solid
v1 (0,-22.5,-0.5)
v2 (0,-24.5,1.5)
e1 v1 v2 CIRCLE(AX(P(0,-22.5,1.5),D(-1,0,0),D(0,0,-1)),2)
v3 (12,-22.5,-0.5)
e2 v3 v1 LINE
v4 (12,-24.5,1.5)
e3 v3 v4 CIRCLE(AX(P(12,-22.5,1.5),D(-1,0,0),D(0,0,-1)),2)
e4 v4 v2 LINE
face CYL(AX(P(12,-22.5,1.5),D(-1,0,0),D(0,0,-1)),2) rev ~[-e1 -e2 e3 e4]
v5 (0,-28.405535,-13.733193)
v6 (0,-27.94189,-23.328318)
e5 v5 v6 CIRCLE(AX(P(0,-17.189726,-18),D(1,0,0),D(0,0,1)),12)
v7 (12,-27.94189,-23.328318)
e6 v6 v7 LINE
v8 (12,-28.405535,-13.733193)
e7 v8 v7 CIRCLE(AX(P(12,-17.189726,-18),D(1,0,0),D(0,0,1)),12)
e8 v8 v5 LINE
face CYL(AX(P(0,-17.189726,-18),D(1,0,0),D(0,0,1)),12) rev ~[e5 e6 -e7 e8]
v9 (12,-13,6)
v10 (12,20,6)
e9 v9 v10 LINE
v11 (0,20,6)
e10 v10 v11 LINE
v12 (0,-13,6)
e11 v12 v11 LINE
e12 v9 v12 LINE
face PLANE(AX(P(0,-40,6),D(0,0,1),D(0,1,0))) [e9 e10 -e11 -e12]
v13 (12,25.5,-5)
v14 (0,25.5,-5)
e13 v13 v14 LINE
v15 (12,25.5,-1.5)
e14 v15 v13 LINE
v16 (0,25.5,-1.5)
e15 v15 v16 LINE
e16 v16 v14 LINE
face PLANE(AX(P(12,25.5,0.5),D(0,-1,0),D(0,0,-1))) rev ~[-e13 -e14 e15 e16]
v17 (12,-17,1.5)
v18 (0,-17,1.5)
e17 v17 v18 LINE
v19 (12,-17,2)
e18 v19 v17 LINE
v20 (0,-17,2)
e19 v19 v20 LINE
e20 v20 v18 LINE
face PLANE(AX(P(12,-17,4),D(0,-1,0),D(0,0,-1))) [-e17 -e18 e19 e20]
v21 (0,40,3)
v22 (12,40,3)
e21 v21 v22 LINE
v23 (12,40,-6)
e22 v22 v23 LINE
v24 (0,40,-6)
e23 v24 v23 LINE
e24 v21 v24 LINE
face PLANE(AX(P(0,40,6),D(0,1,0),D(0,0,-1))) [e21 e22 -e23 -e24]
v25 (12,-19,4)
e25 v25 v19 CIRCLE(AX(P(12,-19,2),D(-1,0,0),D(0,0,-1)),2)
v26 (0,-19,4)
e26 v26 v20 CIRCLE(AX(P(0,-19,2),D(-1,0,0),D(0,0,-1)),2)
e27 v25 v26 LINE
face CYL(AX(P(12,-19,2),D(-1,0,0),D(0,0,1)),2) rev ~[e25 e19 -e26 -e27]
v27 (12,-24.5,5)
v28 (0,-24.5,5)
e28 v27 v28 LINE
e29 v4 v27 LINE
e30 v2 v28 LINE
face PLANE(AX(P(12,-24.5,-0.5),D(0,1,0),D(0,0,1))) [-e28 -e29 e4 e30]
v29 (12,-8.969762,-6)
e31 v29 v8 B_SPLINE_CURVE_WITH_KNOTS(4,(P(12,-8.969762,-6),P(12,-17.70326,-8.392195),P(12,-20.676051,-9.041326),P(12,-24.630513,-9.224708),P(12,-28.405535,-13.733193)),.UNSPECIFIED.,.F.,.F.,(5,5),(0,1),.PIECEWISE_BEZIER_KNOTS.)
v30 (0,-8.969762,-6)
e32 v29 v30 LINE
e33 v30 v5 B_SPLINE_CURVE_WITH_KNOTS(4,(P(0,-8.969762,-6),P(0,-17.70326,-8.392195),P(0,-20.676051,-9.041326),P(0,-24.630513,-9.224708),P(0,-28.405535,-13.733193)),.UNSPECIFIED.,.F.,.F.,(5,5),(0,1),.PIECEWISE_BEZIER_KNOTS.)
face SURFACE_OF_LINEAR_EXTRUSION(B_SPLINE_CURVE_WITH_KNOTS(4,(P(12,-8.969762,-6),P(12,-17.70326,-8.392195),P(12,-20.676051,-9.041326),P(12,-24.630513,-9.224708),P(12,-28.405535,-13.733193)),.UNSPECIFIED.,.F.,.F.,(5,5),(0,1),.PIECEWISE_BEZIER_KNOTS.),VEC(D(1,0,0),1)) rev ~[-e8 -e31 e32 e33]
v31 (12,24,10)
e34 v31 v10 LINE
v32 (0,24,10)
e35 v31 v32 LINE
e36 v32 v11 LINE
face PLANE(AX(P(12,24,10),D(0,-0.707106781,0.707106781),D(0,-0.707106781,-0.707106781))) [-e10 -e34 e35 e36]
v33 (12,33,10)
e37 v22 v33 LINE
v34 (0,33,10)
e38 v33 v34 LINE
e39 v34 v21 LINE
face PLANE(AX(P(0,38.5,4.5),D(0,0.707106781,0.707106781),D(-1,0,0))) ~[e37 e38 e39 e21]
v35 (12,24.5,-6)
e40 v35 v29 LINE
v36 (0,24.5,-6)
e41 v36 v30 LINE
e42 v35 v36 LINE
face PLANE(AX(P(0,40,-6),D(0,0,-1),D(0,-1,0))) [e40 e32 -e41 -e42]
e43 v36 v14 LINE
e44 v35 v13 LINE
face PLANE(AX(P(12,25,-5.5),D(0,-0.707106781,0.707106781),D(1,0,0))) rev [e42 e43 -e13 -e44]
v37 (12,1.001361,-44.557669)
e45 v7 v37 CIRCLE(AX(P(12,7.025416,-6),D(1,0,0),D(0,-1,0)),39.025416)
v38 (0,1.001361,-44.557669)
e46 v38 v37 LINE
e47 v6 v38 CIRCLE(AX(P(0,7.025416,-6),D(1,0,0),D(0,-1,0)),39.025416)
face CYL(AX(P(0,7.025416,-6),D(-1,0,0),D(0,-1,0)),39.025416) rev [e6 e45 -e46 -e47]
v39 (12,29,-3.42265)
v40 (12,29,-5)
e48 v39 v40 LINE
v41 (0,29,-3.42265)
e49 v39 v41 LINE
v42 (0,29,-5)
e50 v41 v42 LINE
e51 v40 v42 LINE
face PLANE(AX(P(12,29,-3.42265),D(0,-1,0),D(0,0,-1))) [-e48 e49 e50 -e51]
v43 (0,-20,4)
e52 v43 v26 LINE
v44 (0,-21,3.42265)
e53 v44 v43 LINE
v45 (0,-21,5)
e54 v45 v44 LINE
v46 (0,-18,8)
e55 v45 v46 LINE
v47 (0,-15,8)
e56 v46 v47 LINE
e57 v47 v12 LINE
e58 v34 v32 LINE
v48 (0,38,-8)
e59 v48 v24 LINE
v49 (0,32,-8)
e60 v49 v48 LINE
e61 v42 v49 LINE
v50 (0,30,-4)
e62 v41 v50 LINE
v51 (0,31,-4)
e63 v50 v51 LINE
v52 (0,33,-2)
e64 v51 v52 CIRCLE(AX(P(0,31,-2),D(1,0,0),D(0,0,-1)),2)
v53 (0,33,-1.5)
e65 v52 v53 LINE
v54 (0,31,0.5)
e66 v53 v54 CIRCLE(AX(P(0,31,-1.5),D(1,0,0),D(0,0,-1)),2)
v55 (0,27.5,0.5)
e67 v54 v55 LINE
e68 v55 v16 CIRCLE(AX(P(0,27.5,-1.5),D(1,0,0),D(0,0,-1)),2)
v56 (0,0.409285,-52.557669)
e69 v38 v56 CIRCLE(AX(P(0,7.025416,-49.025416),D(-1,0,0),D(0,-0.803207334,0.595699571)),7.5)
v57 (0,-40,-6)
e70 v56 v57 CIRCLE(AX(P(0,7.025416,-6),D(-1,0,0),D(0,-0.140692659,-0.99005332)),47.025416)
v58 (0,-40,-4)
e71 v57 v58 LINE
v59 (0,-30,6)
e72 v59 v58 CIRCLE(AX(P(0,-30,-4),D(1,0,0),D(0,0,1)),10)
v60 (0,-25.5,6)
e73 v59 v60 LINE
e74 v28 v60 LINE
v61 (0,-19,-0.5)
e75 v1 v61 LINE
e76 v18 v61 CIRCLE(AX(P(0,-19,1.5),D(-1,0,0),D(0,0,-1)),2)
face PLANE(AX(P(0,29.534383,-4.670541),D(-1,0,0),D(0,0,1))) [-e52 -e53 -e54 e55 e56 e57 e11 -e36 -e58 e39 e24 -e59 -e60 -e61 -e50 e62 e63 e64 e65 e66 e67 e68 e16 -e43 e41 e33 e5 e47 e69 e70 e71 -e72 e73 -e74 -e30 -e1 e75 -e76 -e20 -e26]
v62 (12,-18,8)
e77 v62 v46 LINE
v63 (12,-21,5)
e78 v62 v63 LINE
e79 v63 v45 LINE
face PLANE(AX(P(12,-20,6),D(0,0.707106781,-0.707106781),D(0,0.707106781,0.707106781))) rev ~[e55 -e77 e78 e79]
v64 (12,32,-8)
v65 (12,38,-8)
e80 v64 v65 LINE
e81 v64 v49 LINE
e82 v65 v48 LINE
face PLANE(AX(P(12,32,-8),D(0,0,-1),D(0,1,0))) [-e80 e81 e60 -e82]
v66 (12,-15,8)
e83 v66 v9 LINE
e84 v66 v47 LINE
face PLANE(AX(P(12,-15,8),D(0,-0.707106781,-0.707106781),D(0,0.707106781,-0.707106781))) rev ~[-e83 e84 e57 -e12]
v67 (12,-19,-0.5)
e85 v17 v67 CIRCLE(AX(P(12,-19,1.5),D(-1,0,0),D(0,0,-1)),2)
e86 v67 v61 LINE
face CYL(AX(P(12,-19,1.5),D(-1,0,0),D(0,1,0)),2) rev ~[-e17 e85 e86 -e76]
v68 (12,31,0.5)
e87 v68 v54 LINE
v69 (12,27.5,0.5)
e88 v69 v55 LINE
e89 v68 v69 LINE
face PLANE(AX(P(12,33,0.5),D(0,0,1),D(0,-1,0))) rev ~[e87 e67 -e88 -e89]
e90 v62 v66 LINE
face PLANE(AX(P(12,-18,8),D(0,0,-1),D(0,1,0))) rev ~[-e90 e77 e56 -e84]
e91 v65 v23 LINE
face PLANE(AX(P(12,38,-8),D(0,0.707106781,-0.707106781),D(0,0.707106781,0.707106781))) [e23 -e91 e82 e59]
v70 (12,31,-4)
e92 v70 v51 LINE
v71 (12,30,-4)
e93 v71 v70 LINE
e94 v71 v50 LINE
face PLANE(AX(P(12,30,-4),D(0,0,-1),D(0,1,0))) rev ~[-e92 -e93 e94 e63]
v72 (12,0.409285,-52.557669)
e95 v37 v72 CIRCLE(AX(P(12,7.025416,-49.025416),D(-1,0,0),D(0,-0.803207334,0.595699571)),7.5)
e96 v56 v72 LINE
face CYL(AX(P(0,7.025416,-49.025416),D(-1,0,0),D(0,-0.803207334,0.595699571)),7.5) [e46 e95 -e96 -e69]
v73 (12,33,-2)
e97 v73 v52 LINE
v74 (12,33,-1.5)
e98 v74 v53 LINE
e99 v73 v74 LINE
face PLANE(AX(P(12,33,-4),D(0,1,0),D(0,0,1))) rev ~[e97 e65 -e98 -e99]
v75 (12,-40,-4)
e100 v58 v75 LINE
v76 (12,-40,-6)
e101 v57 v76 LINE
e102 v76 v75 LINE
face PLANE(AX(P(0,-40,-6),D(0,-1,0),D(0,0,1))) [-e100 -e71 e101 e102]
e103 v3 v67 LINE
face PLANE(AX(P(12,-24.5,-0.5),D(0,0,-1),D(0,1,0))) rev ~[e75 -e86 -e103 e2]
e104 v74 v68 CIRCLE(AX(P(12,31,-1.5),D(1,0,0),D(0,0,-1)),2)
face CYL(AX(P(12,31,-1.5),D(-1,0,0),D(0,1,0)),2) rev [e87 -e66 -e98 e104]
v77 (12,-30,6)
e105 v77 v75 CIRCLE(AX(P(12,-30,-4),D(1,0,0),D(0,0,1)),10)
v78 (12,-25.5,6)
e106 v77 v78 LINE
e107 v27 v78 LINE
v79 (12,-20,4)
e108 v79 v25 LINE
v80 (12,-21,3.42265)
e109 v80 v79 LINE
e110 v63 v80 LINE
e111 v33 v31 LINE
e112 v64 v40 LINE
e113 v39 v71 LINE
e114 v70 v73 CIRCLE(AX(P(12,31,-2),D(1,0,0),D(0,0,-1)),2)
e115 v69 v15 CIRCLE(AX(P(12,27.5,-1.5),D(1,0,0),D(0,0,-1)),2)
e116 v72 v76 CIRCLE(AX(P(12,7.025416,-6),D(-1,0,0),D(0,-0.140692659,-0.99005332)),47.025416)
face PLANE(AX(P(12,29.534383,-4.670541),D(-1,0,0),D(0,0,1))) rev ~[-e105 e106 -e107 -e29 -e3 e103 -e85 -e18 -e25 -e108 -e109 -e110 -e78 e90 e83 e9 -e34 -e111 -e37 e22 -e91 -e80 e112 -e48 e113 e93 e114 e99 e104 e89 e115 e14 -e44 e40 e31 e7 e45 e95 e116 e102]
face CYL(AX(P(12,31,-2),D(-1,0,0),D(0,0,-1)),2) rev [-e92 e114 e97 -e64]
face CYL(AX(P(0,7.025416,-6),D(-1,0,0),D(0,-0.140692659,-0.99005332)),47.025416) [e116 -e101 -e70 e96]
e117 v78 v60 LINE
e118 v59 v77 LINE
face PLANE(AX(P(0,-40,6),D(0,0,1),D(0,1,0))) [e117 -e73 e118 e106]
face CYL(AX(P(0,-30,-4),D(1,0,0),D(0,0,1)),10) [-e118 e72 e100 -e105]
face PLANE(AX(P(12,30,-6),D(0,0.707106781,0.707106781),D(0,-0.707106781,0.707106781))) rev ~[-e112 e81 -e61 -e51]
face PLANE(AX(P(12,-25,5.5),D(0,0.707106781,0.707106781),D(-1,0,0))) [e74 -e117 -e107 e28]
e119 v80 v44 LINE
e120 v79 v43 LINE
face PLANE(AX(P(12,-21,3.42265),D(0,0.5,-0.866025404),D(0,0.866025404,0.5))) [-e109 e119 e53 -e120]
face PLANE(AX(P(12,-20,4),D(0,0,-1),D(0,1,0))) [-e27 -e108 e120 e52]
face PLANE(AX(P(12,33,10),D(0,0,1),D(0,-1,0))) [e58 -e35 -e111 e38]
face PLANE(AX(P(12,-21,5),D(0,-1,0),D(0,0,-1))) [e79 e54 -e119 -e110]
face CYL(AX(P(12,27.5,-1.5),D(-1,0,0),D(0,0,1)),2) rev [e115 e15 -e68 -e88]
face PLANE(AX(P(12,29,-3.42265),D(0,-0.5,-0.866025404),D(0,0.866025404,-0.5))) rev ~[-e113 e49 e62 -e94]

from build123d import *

# Parameters (mm, degrees)
BOSS_EXTRUDE1_DEPTH = 12
FILLET1_R           = 12
FILLET2_R           = 10
CUT_EXTRUDE1_DEPTH  = 12
CHAMFER1_SIZE       = 3
FILLET3_R           = 2
BOSS_EXTRUDE2_DEPTH = 12
BOSS_EXTRUDE3_DEPTH = 12
CHAMFER2_SIZE       = 1


with BuildPart() as part:
    # Sketch2 → Boss-Extrude1 (new body)
    with BuildSketch(Plane(origin=(0, 0, 0), x_dir=(0, 0, -1), z_dir=(1, 0, 0))):
        with BuildLine():
            Line((-6, 40), (6, 40))
            Line((6, 40), (6, -32))
            ThreePointArc((6, -32), (31.376089713, -22.623144998), (44.55766945, 1.001361229))
            ThreePointArc((44.55766945, 1.001361229), (49.578973365, 14.504959969), (52.55766945, 0.409285399))
            ThreePointArc((52.55766945, 0.409285399), (36.824206929, -28.488778663), (6, -40))
            Line((6, -40), (-6, -40))
            Line((-6, -40), (-6, 40))
        make_face()
    extrude(amount=BOSS_EXTRUDE1_DEPTH)

    # Fillet1
    fillet1_edges = [part.edges().sort_by_distance(p)[0] for p in [
        (6, -32, -6),
    ]]
    fillet(fillet1_edges, radius=FILLET1_R)

    # Fillet2
    fillet2_edges = [part.edges().sort_by_distance(p)[0] for p in [
        (6, -40, 6),
    ]]
    fillet(fillet2_edges, radius=FILLET2_R)

    # Sketch3 → Cut-Extrude1 (cut)
    with BuildSketch(Plane(origin=(12, 0, 0), x_dir=(0, 0, -1), z_dir=(1, 0, 0))):
        Polygon((-6, -20), (-4, -20), (-4, -17), (0.5, -17), (0.5, -20), (0.5, -24.5), (-6, -24.5), align=None)
        Polygon((6, 30), (4, 30), (4, 33), (-0.5, 33), (-0.5, 30), (-0.5, 25.5), (6, 25.5), align=None)
    extrude(amount=-CUT_EXTRUDE1_DEPTH, mode=Mode.SUBTRACT)

    # Chamfer1
    chamfer1_edges = [part.edges().sort_by_distance(p)[0] for p in [
        (6, 40, 6),
    ]]
    chamfer(chamfer1_edges, length=CHAMFER1_SIZE)

    # Fillet3
    fillet3_edges = [part.edges().sort_by_distance(p)[0] for p in [
        (6, -17, 4),
        (6, -17, -0.5),
        (6, -24.5, -0.5),
        (6, 25.5, 0.5),
        (6, 33, 0.5),
        (6, 33, -4),
    ]]
    fillet(fillet3_edges, radius=FILLET3_R)

    # Sketch4 → Boss-Extrude2 (add)
    with BuildSketch(Plane(origin=(12, 0, 0), x_dir=(0, 0, -1), z_dir=(1, 0, 0))):
        Polygon((6, 30), (8, 32), (8, 38), (6, 40), align=None)
        Polygon((-6, -20), (-8, -18), (-8, -15), (-6, -13), align=None)
        Polygon((-6, 37), (-10, 33), (-10, 24), (-6, 20), align=None)
        with BuildLine():
            Line((6, -8.96976203), (3.756023672, -12.28945594))
            Line((3.756023672, -12.28945594), (6, -29.586808416))
            Line((6, -29.586808416), (13.733193293, -28.4055347))
            add(Edge.make_bspline(
                [(6, -8.96976203), (8.392195381, -17.703259611), (9.041325817, -20.67605108), (9.22470807, -24.630513259), (13.733193293, -28.4055347)],
                knots=[0, 0, 0, 0, 0, 1, 1, 1, 1, 1], degree=4))
        make_face()
    extrude(amount=-BOSS_EXTRUDE2_DEPTH)

    # Sketch5 → Boss-Extrude3 (add)
    with BuildSketch(Plane(origin=(12, 0, 0), x_dir=(0, 0, -1), z_dir=(1, 0, 0))):
        Polygon((6, 30), (5, 29), (4, 29), (3.422649731, 29), (4, 30), align=None)
        Polygon((-6, -20), (-5, -21), (-4, -21), (-3.422649731, -21), (-4, -20), align=None)
    extrude(amount=-BOSS_EXTRUDE3_DEPTH)

    # Chamfer2
    chamfer2_edges = [part.edges().sort_by_distance(p)[0] for p in [
        (6, -24.5, 6),
        (6, 25.5, -6),
    ]]
    chamfer(chamfer2_edges, length=CHAMFER2_SIZE)


solid = part.part
